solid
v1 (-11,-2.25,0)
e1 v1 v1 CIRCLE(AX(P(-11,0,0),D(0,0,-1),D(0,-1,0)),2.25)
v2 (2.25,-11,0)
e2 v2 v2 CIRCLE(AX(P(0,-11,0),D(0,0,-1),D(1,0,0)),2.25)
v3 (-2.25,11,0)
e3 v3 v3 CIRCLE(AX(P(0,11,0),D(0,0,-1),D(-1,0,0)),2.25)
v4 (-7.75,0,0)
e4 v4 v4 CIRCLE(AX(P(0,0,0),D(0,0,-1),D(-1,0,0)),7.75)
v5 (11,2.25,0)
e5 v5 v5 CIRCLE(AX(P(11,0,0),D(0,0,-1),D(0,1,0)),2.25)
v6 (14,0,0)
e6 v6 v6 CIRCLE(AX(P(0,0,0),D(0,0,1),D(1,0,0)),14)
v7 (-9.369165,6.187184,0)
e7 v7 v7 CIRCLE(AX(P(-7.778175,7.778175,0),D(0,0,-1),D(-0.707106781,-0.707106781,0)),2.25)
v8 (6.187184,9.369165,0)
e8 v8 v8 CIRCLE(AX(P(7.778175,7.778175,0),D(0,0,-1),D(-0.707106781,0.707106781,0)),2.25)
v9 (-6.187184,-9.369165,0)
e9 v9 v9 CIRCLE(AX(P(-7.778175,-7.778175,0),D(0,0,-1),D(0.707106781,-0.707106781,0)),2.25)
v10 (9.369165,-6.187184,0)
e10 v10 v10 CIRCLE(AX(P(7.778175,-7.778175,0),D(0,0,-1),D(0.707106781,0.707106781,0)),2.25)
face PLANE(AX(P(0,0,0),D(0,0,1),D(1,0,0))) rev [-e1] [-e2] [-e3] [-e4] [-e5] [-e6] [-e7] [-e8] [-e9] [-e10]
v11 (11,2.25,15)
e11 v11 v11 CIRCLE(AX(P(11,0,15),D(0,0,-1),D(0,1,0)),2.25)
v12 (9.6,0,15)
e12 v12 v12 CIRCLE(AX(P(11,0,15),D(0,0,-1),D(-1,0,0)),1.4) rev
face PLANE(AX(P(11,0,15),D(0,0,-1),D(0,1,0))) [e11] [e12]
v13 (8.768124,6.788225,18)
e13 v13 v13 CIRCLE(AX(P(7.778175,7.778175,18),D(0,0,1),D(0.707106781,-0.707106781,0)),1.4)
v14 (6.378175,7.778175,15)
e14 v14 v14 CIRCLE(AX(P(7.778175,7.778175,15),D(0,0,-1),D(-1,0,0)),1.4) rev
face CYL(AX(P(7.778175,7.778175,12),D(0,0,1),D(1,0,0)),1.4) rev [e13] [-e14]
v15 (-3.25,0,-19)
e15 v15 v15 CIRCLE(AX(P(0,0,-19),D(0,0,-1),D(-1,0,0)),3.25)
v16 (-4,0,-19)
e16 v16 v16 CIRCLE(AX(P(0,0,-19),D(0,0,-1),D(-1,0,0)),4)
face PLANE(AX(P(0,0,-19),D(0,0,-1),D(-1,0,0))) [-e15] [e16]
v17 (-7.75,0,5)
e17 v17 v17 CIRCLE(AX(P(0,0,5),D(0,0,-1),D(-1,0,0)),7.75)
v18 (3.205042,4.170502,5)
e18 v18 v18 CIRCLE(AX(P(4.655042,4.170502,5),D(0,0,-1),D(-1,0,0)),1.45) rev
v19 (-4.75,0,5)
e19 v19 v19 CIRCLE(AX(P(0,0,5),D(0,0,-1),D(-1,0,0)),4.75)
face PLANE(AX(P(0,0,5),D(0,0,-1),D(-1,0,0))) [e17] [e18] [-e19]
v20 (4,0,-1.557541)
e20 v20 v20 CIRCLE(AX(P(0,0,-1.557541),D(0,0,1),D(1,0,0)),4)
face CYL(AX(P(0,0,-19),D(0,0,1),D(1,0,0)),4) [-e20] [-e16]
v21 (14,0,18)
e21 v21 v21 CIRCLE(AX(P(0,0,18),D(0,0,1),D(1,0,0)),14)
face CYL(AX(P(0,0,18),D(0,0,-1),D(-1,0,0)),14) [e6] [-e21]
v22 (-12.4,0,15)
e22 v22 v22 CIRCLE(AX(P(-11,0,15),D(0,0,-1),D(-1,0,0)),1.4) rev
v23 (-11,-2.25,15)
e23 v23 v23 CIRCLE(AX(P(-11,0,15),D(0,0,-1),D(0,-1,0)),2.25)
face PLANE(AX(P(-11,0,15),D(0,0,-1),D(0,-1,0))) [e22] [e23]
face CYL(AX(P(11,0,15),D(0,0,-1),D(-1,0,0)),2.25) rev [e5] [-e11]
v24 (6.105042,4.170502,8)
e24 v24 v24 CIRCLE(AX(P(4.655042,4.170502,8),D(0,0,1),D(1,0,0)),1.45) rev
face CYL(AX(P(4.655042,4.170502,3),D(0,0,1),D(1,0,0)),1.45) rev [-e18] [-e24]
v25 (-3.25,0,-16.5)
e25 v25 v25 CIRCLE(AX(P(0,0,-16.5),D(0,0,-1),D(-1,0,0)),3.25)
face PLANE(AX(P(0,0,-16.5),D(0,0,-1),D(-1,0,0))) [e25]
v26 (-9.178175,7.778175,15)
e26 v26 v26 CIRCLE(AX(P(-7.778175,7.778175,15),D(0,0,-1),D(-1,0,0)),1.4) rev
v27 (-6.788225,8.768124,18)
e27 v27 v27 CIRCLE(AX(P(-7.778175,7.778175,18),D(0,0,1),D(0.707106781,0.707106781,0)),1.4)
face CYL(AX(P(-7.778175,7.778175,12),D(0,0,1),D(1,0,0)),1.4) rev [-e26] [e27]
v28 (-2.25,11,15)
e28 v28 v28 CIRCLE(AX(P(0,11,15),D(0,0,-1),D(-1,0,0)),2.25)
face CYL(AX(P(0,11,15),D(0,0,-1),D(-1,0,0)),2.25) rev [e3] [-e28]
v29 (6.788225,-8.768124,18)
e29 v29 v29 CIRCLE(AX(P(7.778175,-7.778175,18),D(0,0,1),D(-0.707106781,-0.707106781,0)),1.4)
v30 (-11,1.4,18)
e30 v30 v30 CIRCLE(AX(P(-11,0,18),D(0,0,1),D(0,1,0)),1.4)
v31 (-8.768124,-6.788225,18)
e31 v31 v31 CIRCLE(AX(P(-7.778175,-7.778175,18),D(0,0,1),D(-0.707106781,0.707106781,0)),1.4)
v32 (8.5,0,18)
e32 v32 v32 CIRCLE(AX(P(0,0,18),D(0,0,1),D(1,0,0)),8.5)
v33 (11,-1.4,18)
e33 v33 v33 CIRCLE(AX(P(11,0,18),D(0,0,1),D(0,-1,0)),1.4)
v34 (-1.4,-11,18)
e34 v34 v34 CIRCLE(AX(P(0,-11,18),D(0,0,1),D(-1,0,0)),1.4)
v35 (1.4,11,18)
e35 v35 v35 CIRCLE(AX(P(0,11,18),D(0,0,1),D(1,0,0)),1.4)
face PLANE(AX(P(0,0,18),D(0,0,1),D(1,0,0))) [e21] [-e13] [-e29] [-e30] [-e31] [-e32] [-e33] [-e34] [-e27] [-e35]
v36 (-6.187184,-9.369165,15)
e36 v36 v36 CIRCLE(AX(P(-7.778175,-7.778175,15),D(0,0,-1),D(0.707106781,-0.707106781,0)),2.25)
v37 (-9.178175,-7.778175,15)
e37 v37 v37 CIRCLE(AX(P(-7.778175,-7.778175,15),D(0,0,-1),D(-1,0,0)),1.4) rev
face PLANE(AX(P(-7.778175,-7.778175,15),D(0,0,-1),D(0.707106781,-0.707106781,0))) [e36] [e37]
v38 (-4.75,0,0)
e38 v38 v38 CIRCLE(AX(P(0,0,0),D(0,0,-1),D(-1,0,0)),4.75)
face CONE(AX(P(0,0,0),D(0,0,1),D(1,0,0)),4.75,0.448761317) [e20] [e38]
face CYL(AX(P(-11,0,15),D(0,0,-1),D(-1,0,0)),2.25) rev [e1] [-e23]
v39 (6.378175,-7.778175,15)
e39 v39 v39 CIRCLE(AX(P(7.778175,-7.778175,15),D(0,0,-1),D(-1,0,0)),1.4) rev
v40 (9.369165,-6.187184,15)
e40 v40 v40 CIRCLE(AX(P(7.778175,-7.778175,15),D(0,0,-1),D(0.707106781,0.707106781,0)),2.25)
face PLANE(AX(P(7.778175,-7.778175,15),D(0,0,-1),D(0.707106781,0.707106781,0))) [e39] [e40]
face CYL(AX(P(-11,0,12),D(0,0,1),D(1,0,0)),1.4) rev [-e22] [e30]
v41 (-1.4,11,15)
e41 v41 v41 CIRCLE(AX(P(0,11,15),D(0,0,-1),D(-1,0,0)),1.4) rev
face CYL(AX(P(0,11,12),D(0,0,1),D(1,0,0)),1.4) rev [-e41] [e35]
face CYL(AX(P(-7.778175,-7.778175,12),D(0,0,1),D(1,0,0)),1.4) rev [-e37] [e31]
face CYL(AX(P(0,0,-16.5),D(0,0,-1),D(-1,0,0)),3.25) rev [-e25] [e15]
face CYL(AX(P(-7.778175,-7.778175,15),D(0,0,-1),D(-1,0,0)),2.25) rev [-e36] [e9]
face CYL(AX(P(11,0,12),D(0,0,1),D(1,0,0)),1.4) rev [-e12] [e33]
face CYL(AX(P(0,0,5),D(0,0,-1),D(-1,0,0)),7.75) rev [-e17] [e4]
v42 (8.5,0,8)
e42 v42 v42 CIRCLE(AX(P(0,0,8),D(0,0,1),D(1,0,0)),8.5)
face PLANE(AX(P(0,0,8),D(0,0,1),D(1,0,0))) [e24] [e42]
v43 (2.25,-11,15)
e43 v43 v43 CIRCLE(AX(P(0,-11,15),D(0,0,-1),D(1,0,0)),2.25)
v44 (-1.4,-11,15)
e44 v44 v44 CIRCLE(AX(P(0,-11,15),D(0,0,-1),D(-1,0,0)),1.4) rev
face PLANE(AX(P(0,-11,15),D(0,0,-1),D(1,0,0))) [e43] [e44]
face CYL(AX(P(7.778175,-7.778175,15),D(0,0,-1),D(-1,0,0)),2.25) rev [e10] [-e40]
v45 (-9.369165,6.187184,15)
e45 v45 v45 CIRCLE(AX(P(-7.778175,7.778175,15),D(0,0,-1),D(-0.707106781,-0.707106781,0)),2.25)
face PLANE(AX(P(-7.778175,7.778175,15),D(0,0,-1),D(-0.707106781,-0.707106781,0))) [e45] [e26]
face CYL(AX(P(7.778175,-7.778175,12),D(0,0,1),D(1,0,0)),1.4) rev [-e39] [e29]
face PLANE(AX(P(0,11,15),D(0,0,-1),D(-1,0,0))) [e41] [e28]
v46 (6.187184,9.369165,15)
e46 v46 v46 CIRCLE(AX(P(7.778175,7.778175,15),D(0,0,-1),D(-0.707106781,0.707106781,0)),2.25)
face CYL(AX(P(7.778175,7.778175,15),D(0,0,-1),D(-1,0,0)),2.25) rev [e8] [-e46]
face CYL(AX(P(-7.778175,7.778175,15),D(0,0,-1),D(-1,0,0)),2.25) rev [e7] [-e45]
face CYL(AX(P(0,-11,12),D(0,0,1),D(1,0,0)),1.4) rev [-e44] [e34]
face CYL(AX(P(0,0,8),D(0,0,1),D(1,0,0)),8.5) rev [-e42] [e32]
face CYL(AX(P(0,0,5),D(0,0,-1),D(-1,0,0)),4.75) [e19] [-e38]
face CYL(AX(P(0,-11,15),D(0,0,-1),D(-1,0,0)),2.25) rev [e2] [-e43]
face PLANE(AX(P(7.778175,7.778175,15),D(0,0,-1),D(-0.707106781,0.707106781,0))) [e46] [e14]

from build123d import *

# Parameters (mm, degrees)
SKETCH1_R           = 14
BOSS_EXTRUDE1_DEPTH = 18
SKETCH2_R           = 1.45
CUT_EXTRUDE1_DEPTH  = 15
SKETCH3_R           = 1.4
CUT_EXTRUDE2_DEPTH  = 6
CIRPATTERN1_COUNT   = 8
SKETCH5_R           = 2.25
CUT_EXTRUDE3_DEPTH  = 15
CIRPATTERN2_COUNT   = 8
SKETCH6_R           = 4
BOSS_EXTRUDE2_DEPTH = 19
SKETCH7_R           = 8.5
CUT_EXTRUDE4_DEPTH  = 10
SKETCH8_R           = 7.75
SKETCH8_R_2         = 4.75
CUT_EXTRUDE5_DEPTH  = 5
SKETCH10_R          = 3.25
CUT_EXTRUDE6_DEPTH  = 2.5


with BuildPart() as part:
    # Sketch1 → Boss-Extrude1 (new body)
    with BuildSketch(Plane.XY):
        Circle(SKETCH1_R)
    extrude(amount=BOSS_EXTRUDE1_DEPTH)

    # Sketch2 → Cut-Extrude1 (cut)
    with BuildSketch(Plane.XY.offset(18)):
        with Locations((4.655041669, 4.170502016)):
            Circle(SKETCH2_R)
    extrude(amount=-CUT_EXTRUDE1_DEPTH, mode=Mode.SUBTRACT)

    # Sketch3 → Cut-Extrude2 (cut)
    with BuildSketch(Plane.XY.offset(18)):
        with Locations((0, 11)):
            Circle(SKETCH3_R)
    cut_extrude2 = extrude(amount=-CUT_EXTRUDE2_DEPTH, mode=Mode.SUBTRACT)

    # CirPattern1: Cut-Extrude2 ×8 about axis
    cirpattern1_axis = Axis((0, 0, 0), (0, 0, 1))
    for i in range(1, CIRPATTERN1_COUNT):
        add(cut_extrude2.rotate(cirpattern1_axis, i * 360 / CIRPATTERN1_COUNT), mode=Mode.SUBTRACT)

    # Sketch5 → Cut-Extrude3 (cut)
    with BuildSketch(Plane(origin=(0, 0, 0), x_dir=(-1, 0, 0), z_dir=(0, 0, -1))):
        with Locations((0, 11)):
            Circle(SKETCH5_R)
    cut_extrude3 = extrude(amount=-CUT_EXTRUDE3_DEPTH, mode=Mode.SUBTRACT)

    # CirPattern2: Cut-Extrude3 ×8 about axis
    cirpattern2_axis = Axis((0, 0, 0), (0, 0, 1))
    for i in range(1, CIRPATTERN2_COUNT):
        add(cut_extrude3.rotate(cirpattern2_axis, i * 360 / CIRPATTERN2_COUNT), mode=Mode.SUBTRACT)

    # Sketch6 → Boss-Extrude2 (add)
    with BuildSketch(Plane(origin=(0, 0, 0), x_dir=(-1, 0, 0), z_dir=(0, 0, -1))):
        Circle(SKETCH6_R)
    extrude(amount=BOSS_EXTRUDE2_DEPTH)

    # Sketch7 → Cut-Extrude4 (cut)
    with BuildSketch(Plane.XY.offset(18)):
        Circle(SKETCH7_R)
    extrude(amount=-CUT_EXTRUDE4_DEPTH, mode=Mode.SUBTRACT)

    # Sketch8 → Cut-Extrude5 (cut)
    with BuildSketch(Plane(origin=(0, 0, 0), x_dir=(-1, 0, 0), z_dir=(0, 0, -1))):
        Circle(SKETCH8_R)
        Circle(SKETCH8_R_2, mode=Mode.SUBTRACT)
    extrude(amount=-CUT_EXTRUDE5_DEPTH, mode=Mode.SUBTRACT)

    # Sketch9 → Revolve1 (revolve)
    with BuildSketch(Plane(origin=(0, 0, 0), x_dir=(1, 0, 0), z_dir=(0, 1, 0))):
        Polygon((4, 1.55754099), (4.75, 0), (4, 0), align=None)
    revolve(axis=Axis((0, 0, 18), (0, 0, -1)))

    # Sketch10 → Cut-Extrude6 (cut)
    with BuildSketch(Plane(origin=(0, 0, -19), x_dir=(-1, 0, 0), z_dir=(0, 0, -1))):
        Circle(SKETCH10_R)
    extrude(amount=-CUT_EXTRUDE6_DEPTH, mode=Mode.SUBTRACT)


solid = part.part
